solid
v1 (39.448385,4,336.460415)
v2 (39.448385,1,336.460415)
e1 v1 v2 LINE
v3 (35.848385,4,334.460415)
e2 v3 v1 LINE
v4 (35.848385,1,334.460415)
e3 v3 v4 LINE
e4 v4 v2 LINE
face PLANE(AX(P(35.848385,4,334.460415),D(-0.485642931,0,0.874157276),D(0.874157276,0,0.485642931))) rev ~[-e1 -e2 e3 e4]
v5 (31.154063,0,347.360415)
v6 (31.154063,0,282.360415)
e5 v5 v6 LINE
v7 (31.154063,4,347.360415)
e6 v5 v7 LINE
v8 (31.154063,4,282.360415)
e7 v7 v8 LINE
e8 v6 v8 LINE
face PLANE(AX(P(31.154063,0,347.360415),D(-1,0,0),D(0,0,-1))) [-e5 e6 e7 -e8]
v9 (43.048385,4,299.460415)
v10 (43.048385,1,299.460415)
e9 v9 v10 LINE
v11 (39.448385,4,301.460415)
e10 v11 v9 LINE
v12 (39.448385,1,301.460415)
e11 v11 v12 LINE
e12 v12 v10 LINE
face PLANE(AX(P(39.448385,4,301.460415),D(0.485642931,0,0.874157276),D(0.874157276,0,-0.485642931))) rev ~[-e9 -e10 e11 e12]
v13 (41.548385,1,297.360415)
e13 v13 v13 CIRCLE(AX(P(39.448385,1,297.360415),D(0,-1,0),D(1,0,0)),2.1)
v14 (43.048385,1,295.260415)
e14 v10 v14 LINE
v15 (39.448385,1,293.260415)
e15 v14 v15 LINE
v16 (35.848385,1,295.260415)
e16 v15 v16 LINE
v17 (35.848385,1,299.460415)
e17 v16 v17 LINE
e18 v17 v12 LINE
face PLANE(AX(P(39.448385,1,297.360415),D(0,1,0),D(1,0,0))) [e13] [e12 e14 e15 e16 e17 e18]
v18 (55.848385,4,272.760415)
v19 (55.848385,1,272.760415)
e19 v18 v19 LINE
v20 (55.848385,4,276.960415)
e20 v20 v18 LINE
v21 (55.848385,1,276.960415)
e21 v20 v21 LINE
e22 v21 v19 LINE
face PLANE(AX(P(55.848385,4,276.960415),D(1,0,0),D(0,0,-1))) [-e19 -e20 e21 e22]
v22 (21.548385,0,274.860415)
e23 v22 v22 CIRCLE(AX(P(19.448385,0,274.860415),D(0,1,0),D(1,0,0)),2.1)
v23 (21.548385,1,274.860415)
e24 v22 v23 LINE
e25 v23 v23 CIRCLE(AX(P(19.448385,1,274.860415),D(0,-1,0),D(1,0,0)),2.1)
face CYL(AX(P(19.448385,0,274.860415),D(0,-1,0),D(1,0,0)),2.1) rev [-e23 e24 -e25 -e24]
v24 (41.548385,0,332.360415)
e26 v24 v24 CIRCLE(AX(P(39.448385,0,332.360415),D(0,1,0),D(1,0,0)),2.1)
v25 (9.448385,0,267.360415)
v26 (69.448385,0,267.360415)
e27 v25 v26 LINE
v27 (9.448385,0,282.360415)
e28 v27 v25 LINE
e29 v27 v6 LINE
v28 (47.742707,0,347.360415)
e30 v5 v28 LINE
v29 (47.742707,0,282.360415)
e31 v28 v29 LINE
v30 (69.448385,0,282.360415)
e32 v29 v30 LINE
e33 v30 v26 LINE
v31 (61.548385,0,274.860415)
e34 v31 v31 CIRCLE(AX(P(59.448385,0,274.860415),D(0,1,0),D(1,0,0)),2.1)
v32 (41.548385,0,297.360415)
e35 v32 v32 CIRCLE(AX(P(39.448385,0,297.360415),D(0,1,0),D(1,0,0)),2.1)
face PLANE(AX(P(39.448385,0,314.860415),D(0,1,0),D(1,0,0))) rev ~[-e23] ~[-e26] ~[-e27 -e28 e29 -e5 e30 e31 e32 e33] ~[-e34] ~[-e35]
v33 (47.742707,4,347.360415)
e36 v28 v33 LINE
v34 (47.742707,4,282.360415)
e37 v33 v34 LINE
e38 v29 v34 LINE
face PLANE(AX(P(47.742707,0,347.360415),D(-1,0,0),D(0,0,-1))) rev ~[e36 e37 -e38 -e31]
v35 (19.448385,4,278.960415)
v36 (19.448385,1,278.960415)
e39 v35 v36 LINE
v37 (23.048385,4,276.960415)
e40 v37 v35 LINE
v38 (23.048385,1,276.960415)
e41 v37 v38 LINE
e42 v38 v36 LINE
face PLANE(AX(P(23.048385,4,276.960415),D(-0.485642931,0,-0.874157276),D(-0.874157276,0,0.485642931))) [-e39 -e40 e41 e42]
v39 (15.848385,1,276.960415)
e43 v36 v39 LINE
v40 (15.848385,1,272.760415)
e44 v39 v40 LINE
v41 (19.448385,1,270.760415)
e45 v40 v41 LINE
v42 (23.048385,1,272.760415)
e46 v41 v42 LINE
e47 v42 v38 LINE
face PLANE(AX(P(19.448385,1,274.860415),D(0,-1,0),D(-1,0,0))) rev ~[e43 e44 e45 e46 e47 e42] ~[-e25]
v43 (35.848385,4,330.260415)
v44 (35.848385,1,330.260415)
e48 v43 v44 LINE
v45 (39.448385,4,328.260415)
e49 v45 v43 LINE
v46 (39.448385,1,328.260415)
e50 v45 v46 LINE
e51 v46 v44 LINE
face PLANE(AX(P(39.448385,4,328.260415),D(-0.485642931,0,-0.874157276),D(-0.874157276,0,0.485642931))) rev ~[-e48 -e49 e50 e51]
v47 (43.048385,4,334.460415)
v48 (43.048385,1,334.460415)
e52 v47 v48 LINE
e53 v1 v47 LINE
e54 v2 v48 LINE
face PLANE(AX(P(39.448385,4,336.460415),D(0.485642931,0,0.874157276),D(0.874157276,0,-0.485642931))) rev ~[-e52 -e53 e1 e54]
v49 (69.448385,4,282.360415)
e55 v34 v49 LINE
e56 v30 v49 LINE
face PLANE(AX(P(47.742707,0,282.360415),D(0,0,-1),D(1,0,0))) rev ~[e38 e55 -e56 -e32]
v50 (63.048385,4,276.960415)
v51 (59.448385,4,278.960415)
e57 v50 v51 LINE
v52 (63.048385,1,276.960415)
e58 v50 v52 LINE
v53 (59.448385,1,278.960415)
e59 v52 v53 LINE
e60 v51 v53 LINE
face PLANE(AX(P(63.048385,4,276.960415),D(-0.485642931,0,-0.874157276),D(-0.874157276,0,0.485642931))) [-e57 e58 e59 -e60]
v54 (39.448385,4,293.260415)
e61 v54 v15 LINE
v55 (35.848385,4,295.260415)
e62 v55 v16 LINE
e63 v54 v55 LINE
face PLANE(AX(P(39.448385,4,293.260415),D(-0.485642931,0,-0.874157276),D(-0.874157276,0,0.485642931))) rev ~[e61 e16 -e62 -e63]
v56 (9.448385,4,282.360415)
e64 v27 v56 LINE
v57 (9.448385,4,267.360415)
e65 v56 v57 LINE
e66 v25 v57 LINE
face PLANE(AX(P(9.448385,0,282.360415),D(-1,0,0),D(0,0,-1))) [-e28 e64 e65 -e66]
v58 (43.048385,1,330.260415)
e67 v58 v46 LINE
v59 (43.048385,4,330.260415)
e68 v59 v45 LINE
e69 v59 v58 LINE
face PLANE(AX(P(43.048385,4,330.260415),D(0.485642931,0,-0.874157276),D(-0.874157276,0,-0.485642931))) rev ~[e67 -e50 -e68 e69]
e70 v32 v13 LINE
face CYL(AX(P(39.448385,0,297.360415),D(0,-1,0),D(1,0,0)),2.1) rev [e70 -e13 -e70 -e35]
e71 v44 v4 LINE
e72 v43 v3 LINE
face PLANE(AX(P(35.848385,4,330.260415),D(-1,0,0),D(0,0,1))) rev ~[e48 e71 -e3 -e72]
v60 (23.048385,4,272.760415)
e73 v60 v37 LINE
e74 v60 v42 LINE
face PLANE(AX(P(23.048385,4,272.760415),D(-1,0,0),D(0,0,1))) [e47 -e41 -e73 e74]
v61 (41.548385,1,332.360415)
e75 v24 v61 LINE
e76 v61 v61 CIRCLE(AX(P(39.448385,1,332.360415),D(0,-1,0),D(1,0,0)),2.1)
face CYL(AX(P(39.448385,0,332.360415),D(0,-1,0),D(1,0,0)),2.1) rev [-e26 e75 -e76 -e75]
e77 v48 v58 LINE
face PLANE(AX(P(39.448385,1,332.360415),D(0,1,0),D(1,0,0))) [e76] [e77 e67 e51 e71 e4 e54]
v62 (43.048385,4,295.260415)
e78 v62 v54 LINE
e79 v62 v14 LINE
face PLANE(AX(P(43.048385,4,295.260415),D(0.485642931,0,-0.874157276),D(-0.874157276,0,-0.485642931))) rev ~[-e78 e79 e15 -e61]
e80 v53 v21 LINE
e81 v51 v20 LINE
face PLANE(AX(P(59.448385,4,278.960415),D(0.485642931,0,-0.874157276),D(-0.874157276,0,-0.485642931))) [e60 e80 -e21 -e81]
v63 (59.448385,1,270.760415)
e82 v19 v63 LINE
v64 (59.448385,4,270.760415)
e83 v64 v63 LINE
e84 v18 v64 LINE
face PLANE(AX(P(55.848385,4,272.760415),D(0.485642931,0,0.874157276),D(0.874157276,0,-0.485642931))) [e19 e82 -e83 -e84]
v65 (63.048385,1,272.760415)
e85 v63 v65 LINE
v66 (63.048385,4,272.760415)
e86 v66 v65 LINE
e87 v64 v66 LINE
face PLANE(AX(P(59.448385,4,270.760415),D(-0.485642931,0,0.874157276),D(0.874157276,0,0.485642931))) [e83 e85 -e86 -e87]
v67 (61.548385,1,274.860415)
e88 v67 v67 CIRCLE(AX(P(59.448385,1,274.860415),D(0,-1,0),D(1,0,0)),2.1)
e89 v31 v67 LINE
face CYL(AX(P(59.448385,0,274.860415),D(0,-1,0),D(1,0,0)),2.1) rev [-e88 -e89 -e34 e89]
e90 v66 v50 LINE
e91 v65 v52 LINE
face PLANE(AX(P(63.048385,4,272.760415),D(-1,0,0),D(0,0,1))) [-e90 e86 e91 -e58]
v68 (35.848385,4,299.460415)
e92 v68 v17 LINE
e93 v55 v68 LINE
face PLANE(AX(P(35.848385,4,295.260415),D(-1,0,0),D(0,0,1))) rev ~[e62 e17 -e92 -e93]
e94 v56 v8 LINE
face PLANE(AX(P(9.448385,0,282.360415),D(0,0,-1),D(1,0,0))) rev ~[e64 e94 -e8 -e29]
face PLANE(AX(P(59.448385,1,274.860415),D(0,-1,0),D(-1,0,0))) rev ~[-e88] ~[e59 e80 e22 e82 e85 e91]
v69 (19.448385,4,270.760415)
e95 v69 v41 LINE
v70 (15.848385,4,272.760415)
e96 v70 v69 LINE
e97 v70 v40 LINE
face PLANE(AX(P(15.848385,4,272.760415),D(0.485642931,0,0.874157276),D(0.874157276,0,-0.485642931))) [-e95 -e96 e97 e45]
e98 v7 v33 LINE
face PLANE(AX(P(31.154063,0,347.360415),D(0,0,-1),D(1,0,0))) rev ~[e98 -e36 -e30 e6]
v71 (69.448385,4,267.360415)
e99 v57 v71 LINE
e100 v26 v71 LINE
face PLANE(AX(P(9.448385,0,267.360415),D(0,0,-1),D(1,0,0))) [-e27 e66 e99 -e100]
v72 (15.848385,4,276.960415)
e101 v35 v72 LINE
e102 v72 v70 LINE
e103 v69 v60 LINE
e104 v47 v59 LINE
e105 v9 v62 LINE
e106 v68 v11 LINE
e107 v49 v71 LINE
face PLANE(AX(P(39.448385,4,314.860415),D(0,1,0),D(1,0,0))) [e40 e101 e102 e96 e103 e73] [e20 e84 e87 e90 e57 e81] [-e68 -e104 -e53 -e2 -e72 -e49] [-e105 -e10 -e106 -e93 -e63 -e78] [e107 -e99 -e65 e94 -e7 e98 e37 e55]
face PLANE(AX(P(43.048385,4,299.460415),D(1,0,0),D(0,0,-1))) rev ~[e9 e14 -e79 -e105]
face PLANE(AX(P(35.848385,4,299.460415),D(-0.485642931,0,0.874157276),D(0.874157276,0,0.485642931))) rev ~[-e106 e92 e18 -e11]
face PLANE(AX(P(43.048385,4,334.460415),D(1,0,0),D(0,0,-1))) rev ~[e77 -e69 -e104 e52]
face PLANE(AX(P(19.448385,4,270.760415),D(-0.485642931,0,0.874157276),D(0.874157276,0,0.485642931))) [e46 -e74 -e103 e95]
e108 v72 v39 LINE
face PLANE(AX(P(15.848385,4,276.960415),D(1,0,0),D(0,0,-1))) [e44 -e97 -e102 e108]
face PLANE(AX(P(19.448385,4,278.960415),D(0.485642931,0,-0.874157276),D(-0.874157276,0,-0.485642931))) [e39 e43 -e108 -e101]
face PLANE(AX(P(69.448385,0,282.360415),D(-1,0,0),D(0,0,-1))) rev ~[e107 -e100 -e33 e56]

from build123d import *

# Parameters (mm, degrees)
SKETCH3_W           = 16.588644014
SKETCH3_H           = 65
SKETCH3_R           = 2.1
SKETCH3_W_2         = 60
SKETCH3_H_2         = 15
BOSS_EXTRUDE1_DEPTH = 4
CUT_EXTRUDE1_DEPTH  = 3
CUT_EXTRUDE2_DEPTH  = 3


with BuildPart() as part:
    # Sketch3 → Boss-Extrude1 (new body)
    with BuildSketch(Plane(origin=(0, 0, 0), x_dir=(1, 0, 0), z_dir=(0, 1, 0))):
        with Locations((39.448385229, -314.860414745)):
            Rectangle(SKETCH3_W, SKETCH3_H)
        with Locations((39.448385229, -332.360414745)):
            Circle(SKETCH3_R, mode=Mode.SUBTRACT)
        with Locations((39.448385229, -297.360414745)):
            Circle(SKETCH3_R, mode=Mode.SUBTRACT)
        with Locations((39.448385229, -274.860414745)):
            Rectangle(SKETCH3_W_2, SKETCH3_H_2)
        with Locations((59.448385229, -274.860414745)):
            Circle(SKETCH3_R, mode=Mode.SUBTRACT)
        with Locations((19.448385229, -274.860414745)):
            Circle(SKETCH3_R, mode=Mode.SUBTRACT)
    extrude(amount=BOSS_EXTRUDE1_DEPTH)

    # Sketch4 → Cut-Extrude1 (cut)
    with BuildSketch(Plane(origin=(0, 4, 0), x_dir=(1, 0, 0), z_dir=(0, 1, 0))):
        Polygon((15.848385229, -276.960414745), (15.848385229, -272.760414745), (19.448385229, -270.760414745), (23.048385229, -272.760414745), (23.048385229, -276.960414745), (19.448385229, -278.960414745), align=None)
        Polygon((55.848385229, -276.960414745), (55.848385229, -272.760414745), (59.448385229, -270.760414745), (63.048385229, -272.760414745), (63.048385229, -276.960414745), (59.448385229, -278.960414745), align=None)
    extrude(amount=-CUT_EXTRUDE1_DEPTH, mode=Mode.SUBTRACT)

    # Sketch5 → Cut-Extrude2 (cut)
    with BuildSketch(Plane(origin=(0, 4, 0), x_dir=(1, 0, 0), z_dir=(0, 1, 0))):
        Polygon((39.448385229, -301.460414745), (43.048385229, -299.460414745), (43.048385229, -295.260414745), (39.448385229, -293.260414745), (35.848385229, -295.260414745), (35.848385229, -299.460414745), align=None)
        Polygon((39.448385229, -328.260414745), (35.848385229, -330.260414745), (35.848385229, -334.460414745), (39.448385229, -336.460414745), (43.048385229, -334.460414745), (43.048385229, -330.260414745), align=None)
    extrude(amount=-CUT_EXTRUDE2_DEPTH, mode=Mode.SUBTRACT)


solid = part.part
